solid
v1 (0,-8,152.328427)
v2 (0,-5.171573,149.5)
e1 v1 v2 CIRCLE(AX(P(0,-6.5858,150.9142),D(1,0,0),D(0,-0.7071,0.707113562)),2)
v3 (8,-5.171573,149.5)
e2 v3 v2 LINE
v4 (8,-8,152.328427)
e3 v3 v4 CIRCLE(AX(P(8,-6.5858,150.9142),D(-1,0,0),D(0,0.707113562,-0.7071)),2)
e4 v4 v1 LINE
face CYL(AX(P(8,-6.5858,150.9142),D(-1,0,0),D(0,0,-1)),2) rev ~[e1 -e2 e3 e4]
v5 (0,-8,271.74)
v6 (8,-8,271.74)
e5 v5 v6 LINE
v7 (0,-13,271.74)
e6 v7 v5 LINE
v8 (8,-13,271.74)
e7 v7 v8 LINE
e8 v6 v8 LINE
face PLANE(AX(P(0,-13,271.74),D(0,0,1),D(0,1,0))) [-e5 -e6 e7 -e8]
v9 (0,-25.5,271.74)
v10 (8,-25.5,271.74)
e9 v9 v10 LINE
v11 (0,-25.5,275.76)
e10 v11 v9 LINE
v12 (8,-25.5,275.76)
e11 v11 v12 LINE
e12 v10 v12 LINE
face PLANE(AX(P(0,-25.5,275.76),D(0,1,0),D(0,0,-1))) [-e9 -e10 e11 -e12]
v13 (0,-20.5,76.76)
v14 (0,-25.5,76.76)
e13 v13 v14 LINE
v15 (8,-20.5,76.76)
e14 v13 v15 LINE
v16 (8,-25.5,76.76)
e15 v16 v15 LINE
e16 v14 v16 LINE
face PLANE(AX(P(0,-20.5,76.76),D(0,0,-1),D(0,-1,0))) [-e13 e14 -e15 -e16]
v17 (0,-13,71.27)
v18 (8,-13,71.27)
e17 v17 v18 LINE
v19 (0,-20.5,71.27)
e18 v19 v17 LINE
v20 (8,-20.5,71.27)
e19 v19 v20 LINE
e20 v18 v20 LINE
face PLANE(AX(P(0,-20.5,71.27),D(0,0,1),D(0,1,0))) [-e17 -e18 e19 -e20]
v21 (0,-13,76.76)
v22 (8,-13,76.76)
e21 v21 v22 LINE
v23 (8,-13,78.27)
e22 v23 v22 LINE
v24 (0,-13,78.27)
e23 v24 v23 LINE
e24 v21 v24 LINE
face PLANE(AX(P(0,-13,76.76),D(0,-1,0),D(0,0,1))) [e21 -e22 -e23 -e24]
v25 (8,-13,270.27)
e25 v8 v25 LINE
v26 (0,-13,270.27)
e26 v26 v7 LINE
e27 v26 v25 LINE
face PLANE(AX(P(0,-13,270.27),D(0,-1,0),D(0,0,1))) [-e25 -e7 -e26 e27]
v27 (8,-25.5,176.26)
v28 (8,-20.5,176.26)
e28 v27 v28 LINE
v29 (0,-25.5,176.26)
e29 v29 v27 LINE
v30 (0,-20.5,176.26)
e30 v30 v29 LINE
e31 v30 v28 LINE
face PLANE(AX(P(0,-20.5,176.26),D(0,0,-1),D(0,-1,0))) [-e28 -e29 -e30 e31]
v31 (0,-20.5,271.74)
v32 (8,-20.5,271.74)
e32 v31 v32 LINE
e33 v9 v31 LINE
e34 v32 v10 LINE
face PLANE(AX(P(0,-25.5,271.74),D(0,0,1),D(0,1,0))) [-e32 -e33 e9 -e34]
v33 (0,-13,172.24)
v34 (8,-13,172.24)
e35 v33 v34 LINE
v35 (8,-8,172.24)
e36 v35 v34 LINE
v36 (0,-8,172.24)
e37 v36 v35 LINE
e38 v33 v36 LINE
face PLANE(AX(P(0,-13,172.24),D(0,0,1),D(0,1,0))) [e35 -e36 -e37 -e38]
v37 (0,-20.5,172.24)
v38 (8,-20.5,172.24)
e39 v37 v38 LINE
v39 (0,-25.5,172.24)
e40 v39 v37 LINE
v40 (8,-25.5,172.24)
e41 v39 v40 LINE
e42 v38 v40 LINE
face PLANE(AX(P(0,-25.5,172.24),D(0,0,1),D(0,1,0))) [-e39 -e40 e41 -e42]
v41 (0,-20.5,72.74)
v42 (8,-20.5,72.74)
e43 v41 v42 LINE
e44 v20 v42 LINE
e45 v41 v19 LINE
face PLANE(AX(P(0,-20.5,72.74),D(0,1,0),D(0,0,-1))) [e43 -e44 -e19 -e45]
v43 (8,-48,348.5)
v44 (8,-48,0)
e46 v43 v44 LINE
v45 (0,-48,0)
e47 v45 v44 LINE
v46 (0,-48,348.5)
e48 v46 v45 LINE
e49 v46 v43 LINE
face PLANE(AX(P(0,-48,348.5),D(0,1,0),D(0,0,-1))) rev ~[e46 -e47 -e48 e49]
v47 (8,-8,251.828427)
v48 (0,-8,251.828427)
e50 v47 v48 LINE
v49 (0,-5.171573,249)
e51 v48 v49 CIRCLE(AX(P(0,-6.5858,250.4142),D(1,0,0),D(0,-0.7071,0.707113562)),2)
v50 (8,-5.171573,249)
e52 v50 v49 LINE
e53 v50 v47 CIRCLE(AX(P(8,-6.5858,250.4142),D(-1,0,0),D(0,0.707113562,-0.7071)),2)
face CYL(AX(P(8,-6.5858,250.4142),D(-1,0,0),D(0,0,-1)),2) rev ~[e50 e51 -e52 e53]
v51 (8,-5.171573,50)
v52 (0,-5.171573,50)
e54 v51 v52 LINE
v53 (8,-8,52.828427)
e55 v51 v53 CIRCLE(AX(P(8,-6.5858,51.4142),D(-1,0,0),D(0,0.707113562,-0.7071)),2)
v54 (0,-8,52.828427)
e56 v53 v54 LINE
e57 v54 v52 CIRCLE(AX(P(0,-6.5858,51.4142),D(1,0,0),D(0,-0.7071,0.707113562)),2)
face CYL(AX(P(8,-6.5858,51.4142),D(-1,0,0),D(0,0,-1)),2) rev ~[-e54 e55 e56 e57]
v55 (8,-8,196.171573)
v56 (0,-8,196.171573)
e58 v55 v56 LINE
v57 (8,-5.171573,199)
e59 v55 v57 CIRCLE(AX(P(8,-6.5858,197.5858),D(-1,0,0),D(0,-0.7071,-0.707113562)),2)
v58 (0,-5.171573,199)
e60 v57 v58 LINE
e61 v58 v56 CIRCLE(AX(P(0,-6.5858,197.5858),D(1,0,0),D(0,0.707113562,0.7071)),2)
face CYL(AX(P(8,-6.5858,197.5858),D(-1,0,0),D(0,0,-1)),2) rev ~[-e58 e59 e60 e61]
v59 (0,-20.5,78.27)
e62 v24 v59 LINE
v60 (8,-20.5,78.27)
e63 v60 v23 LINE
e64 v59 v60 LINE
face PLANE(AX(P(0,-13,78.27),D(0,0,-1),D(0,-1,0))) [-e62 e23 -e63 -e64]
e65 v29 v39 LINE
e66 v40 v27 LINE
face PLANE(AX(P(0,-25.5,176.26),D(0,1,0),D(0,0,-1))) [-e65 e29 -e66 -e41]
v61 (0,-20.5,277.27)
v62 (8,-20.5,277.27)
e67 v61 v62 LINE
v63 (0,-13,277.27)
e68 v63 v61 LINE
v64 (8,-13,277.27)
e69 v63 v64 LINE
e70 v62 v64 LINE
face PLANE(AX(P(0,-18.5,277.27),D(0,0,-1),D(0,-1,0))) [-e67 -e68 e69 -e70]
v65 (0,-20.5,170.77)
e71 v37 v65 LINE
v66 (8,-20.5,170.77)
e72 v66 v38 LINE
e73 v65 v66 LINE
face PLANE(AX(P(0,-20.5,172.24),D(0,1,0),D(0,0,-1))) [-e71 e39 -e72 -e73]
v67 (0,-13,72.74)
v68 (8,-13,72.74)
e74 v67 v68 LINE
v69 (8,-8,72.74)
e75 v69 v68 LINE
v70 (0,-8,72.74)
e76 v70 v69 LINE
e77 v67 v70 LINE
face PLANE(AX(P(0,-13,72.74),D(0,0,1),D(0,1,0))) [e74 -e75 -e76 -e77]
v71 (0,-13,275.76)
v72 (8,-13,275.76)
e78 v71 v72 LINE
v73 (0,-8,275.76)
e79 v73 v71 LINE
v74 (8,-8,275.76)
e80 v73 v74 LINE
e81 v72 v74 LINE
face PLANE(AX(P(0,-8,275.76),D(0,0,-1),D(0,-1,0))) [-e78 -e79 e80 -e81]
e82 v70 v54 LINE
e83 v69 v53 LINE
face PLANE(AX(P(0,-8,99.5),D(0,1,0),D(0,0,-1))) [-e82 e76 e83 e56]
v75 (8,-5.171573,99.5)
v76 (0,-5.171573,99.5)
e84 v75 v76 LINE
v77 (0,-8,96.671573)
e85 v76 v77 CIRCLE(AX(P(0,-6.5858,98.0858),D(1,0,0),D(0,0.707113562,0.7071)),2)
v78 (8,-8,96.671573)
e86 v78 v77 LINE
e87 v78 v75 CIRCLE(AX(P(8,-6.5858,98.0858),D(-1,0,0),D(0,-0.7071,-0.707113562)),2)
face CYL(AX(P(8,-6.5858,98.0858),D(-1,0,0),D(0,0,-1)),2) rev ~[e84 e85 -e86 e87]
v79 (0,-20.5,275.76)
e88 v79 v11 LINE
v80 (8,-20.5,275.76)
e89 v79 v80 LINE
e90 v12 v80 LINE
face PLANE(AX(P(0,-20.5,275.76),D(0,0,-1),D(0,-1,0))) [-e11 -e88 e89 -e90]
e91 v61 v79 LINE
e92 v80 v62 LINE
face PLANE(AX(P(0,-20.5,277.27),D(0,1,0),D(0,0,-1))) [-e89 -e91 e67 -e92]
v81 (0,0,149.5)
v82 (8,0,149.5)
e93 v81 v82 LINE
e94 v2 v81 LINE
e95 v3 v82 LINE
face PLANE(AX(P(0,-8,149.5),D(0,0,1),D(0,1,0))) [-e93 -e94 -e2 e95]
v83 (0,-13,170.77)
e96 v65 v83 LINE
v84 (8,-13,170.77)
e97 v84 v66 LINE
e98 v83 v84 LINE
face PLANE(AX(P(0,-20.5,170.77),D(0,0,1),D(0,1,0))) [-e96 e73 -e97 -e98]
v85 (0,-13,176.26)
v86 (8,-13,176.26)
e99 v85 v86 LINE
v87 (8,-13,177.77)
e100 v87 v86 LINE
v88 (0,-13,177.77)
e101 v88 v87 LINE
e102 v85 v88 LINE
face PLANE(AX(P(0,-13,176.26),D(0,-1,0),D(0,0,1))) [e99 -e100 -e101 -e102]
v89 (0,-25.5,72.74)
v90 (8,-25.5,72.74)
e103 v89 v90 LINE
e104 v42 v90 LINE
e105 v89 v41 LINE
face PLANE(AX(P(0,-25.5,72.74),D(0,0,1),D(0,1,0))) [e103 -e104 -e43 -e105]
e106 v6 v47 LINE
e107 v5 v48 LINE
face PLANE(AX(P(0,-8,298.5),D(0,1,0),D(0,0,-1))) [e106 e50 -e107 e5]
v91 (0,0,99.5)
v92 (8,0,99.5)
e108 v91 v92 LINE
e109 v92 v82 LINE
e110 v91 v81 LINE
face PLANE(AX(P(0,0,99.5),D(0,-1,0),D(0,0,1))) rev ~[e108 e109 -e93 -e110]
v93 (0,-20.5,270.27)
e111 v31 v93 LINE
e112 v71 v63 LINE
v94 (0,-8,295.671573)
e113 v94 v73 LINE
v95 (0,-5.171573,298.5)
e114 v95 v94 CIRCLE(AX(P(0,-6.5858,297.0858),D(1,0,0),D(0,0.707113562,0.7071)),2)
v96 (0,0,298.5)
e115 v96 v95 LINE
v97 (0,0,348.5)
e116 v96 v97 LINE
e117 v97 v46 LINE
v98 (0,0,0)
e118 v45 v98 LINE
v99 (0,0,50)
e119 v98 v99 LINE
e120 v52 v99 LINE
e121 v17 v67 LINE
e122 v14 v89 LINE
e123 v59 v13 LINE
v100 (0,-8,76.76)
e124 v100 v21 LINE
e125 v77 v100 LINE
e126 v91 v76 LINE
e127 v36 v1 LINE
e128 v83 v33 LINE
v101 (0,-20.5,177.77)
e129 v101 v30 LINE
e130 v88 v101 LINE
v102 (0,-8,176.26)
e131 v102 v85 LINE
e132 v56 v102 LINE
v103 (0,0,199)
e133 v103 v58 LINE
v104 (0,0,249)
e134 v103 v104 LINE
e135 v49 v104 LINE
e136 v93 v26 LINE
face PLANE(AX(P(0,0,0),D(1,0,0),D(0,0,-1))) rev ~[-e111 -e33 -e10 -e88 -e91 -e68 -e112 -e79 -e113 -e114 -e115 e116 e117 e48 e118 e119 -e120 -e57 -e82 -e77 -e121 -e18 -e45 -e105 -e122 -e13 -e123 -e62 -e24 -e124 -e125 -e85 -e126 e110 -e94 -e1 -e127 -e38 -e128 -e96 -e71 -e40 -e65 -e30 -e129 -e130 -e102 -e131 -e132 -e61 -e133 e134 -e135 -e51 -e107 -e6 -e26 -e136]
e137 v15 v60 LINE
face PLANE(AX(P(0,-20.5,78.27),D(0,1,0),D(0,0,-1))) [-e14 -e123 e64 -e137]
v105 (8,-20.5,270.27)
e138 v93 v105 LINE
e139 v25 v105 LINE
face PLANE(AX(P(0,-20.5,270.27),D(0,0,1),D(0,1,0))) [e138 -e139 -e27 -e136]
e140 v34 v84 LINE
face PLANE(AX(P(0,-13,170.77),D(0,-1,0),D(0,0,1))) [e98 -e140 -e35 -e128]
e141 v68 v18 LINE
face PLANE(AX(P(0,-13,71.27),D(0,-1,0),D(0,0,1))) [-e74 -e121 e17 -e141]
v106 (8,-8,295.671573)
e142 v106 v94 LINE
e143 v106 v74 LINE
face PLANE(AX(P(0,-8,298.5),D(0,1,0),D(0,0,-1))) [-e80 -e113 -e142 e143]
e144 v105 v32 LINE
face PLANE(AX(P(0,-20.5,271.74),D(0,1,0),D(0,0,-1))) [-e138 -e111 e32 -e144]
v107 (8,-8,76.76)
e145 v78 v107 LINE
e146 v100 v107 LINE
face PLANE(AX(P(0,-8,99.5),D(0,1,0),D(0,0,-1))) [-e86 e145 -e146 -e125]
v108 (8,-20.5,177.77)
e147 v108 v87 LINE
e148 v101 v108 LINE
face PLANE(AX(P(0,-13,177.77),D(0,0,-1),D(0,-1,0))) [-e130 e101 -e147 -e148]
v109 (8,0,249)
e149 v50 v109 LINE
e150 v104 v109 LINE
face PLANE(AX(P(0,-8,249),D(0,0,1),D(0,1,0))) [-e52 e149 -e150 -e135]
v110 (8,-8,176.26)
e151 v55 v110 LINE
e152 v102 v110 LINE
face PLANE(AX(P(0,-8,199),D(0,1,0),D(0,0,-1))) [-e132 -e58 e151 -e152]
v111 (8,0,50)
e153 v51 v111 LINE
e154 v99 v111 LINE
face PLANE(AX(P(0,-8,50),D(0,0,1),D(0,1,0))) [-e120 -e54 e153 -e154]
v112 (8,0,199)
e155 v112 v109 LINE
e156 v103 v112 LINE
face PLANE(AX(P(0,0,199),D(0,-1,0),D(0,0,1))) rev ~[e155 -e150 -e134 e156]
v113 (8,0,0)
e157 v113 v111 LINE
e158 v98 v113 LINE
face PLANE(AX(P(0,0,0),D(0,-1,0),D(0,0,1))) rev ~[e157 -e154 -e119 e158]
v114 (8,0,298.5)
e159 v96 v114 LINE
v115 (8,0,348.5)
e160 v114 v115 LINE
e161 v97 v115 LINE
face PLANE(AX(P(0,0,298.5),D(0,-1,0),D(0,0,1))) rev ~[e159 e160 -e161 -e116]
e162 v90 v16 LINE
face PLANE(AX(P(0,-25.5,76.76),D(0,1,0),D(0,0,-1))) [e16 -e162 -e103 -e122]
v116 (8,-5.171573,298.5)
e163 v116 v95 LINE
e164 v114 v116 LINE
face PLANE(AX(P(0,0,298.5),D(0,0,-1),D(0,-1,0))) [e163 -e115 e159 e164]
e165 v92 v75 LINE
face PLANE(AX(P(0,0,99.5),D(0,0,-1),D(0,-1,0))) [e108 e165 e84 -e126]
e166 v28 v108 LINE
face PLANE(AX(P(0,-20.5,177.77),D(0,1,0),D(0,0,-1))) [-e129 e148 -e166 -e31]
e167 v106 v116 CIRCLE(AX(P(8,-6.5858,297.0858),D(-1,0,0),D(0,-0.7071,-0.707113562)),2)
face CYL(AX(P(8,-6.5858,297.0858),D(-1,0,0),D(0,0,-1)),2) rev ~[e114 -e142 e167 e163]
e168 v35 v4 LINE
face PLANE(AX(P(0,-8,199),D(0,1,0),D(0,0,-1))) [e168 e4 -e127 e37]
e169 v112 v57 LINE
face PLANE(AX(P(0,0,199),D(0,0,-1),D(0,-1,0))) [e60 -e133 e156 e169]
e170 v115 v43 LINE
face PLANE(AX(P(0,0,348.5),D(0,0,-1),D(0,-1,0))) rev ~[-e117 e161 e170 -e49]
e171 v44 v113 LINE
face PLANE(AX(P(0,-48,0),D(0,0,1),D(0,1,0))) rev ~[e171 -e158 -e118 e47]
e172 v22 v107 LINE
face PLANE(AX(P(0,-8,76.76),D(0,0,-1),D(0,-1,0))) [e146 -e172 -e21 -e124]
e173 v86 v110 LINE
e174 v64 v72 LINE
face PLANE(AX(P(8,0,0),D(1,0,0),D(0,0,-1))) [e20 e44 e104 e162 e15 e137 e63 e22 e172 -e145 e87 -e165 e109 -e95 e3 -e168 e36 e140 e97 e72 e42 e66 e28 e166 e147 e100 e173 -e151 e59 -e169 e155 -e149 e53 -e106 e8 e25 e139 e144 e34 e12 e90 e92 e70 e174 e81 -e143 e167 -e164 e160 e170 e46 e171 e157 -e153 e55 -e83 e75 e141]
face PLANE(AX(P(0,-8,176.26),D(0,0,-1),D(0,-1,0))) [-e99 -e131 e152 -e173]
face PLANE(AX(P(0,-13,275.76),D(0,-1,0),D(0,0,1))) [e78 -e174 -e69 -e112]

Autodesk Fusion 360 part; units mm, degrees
sketch "Basic shape" plane through (0, 0, 0) normal (1, 0, 0) x (0, 0, -1)
  line L0 (0, 0) -> (-348.5, 0)
  line L1 (-348.5, 0) -> (-348.5, -48)
  line L2 (-348.5, -48) -> (0, -48)
  line L3 (0, -48) -> (0, 0)
  line L4 (-50, 0) -> (-99.5, 0)
  line L5 (-99.5, 0) -> (-99.5, -8)
  line L6 (-99.5, -8) -> (-50, -8)
  line L7 (-50, -8) -> (-50, 0)
  line L8 (-149.5, 0) -> (-199, 0)
  line L9 (-199, 0) -> (-199, -8)
  line L10 (-199, -8) -> (-149.5, -8)
  line L11 (-149.5, -8) -> (-149.5, 0)
  line L12 (-249, 0) -> (-298.5, 0)
  line L13 (-298.5, 0) -> (-298.5, -8)
  line L14 (-298.5, -8) -> (-249, -8)
  line L15 (-249, -8) -> (-249, 0)
  line L16 (-298.5, -8) -> (-348.5, -8) construction
  line L17 (-199, -8) -> (-249, -8) construction
  line L18 (-99.5, -8) -> (-149.5, -8) construction
  line L19 (-50, -8) -> (0, -8) construction
  dimension "d10" = 50
  dimension "d12" = 8
  dimension "d13" = 348.5
  dimension "d14" = 36.1667
  dimension "d246" = 40
extrude "Extrude1" add sketch "Basic shape" along normal blind 8 contours L0 L1 L2 L3 L5 L6 L7 L9 L10 L11 L13 L14 L15
sketch "T slots" plane through (0, 0, 0) normal (-1, 0, 0) x (0, 0, 1)
  line L0 (348.5, 0) -> (298.5, 0)
  line L1 (298.5, 0) -> (298.5, -8)
  line L2 (298.5, -8) -> (249, -8)
  line L3 (249, -8) -> (249, 0)
  line L4 (249, 0) -> (199, 0)
  line L5 (199, 0) -> (199, -8)
  line L6 (199, -8) -> (149.5, -8)
  line L7 (149.5, -8) -> (149.5, 0)
  line L8 (149.5, 0) -> (99.5, 0)
  line L9 (99.5, 0) -> (99.5, -8)
  line L10 (99.5, -8) -> (50, -8)
  line L11 (50, -8) -> (50, 0)
  line L12 (50, 0) -> (0, 0)
  line L13 (0, 0) -> (0, -48)
  line L14 (0, -48) -> (348.5, -48)
  line L15 (348.5, -48) -> (348.5, 0)
  line L16 (72.74, -8) -> (76.76, -8)
  line L17 (76.76, -8) -> (76.76, -25.5)
  line L18 (76.76, -25.5) -> (72.74, -25.5)
  line L19 (72.74, -25.5) -> (72.74, -8)
  line L20 (71.27, -13) -> (78.27, -13)
  line L21 (78.27, -13) -> (78.27, -20.5)
  line L22 (78.27, -20.5) -> (71.27, -20.5)
  line L23 (71.27, -20.5) -> (71.27, -13)
  line L24 (170.77, -20.5) -> (170.77, -13)
  line L25 (172.24, -8) -> (176.26, -8)
  line L26 (170.77, -13) -> (177.77, -13)
  line L27 (172.24, -25.5) -> (172.24, -8)
  line L28 (176.26, -8) -> (176.26, -25.5)
  line L29 (177.77, -20.5) -> (170.77, -20.5)
  line L30 (177.77, -13) -> (177.77, -20.5)
  line L31 (176.26, -25.5) -> (172.24, -25.5)
  line L32 (277.27, -20.5) -> (270.27, -20.5)
  line L33 (270.27, -13) -> (277.27, -13)
  line L34 (275.76, -8) -> (275.76, -25.5)
  line L35 (271.74, -25.5) -> (271.74, -8)
  line L36 (275.76, -25.5) -> (271.74, -25.5)
  line L37 (271.74, -8) -> (275.76, -8)
  line L38 (277.27, -13) -> (277.27, -20.5)
  line L39 (270.27, -20.5) -> (270.27, -13)
  circle A0 centre (275.27, -15) radius 2
  circle A1 centre (275.27, -18.5) radius 2
  dimension "d17" = 17.5
  dimension "d18" = 4.02
  dimension "d19" = 7
  dimension "d20" = 1.51
  dimension "d21" = 5
  dimension "d23" = 7.5
  dimension "d29" = 2.01
  dimension "d247" = 17.5
  dimension "d248" = 4.02
  dimension "d249" = 7
  dimension "d250" = 1.51
  dimension "d251" = 5
  dimension "d252" = 7.5
  dimension "d253" = 2.01
  dimension "d254" = 17.5
  dimension "d255" = 4.02
  dimension "d256" = 7
  dimension "d257" = 1.51
  dimension "d258" = 5
  dimension "d259" = 7.5
  dimension "d260" = 2.01
  dimension "d357" = 4
  dimension "d358" = 4
extrude "Extrude2" cut sketch "T slots" against normal through all contours L2 L33 L34 L35 L37 | L33 L34 A0 | L33 L34 L38 A0 | L32 L33 L35 L39 | L32 L33 L35 A0 A1 | L34 A0 A1 | L34 A0 A1 | L32 L34 L35 L36 | L34 A0 A1 | L34 A0 A1 | L38 A0 A1 | L34 A0 A1 | L10 L16 L17 L19 L20 | L32 L34 A1 | L34 A0 A1 | L32 L34 L38 A1 | L17 L19 L20 L22 | L19 L20 L22 L23 | L17 L20 L21 L22 | L17 L18 L19 L22 | L6 L25 L26 L27 L28 | L26 L27 L28 L29 | L26 L28 L29 L30 | L24 L26 L27 L29 | L27 L28 L29 L31
hole "Hole24" at (8, -6.5858, 297.0858) direction (-1, 0, 0) diameter 4 end up to surface (8 mm away)
hole "Hole25" at (8, -6.5858, 51.4142) direction (-1, 0, 0) diameter 4 end up to surface (8 mm away)
hole "Hole26" at (8, -6.5858, 98.0858) direction (-1, 0, 0) diameter 4 end up to surface (8 mm away)
hole "Hole27" at (8, -6.5858, 197.5858) direction (-1, 0, 0) diameter 4 end up to surface (8 mm away)
hole "Hole28" at (8, -6.5858, 250.4142) direction (-1, 0, 0) diameter 4 end up to surface (8 mm away)
hole "Hole29" at (8, -6.5858, 150.9142) direction (-1, 0, 0) diameter 4 end up to surface (8 mm away)
equation "d10 = Square_joint_thickness"
equation "pannel_thickness = 8 mm"
equation "d12 = pannel_thickness * 3 / 3"
equation "d15 = pannel_thickness"
equation "d20 = ( ( ( 7 - 4 ) / 2 ) * 1 mm ) + 0.01 mm"
equation "d250 = ( ( ( 7 - 4 ) / 2 ) * 1 mm ) + 0.01 mm"
equation "d257 = ( ( ( 7 - 4 ) / 2 ) * 1 mm ) + 0.01 mm"
equation "dbToolDia = 4 mm"
equation "dbOffset = 0 mm" comment "Do NOT change formula"
equation "dbRadius = ( dbToolDia + dbOffset ) / 2" comment "Do NOT change formula"
equation "dbMinPercent = 10"
equation "dbHoleOffset = dbRadius / sqrt(2)" comment "Do NOT change formula"
equation "d530 = dbRadius * 2"
equation "d532 = dbHoleOffset"
equation "d533 = dbHoleOffset"
equation "d535 = dbRadius * 2"
equation "d537 = dbHoleOffset"
equation "d538 = dbHoleOffset"
equation "d540 = dbRadius * 2"
equation "d542 = dbHoleOffset"
equation "d543 = dbHoleOffset"
equation "d545 = dbRadius * 2"
equation "d547 = dbHoleOffset"
equation "d548 = dbHoleOffset"
equation "d550 = dbRadius * 2"
equation "d552 = dbHoleOffset"
equation "d553 = dbHoleOffset"
equation "d555 = dbRadius * 2"
equation "d557 = dbHoleOffset"
equation "d558 = dbHoleOffset"
equation "Square_joint_thickness = 50 mm"
